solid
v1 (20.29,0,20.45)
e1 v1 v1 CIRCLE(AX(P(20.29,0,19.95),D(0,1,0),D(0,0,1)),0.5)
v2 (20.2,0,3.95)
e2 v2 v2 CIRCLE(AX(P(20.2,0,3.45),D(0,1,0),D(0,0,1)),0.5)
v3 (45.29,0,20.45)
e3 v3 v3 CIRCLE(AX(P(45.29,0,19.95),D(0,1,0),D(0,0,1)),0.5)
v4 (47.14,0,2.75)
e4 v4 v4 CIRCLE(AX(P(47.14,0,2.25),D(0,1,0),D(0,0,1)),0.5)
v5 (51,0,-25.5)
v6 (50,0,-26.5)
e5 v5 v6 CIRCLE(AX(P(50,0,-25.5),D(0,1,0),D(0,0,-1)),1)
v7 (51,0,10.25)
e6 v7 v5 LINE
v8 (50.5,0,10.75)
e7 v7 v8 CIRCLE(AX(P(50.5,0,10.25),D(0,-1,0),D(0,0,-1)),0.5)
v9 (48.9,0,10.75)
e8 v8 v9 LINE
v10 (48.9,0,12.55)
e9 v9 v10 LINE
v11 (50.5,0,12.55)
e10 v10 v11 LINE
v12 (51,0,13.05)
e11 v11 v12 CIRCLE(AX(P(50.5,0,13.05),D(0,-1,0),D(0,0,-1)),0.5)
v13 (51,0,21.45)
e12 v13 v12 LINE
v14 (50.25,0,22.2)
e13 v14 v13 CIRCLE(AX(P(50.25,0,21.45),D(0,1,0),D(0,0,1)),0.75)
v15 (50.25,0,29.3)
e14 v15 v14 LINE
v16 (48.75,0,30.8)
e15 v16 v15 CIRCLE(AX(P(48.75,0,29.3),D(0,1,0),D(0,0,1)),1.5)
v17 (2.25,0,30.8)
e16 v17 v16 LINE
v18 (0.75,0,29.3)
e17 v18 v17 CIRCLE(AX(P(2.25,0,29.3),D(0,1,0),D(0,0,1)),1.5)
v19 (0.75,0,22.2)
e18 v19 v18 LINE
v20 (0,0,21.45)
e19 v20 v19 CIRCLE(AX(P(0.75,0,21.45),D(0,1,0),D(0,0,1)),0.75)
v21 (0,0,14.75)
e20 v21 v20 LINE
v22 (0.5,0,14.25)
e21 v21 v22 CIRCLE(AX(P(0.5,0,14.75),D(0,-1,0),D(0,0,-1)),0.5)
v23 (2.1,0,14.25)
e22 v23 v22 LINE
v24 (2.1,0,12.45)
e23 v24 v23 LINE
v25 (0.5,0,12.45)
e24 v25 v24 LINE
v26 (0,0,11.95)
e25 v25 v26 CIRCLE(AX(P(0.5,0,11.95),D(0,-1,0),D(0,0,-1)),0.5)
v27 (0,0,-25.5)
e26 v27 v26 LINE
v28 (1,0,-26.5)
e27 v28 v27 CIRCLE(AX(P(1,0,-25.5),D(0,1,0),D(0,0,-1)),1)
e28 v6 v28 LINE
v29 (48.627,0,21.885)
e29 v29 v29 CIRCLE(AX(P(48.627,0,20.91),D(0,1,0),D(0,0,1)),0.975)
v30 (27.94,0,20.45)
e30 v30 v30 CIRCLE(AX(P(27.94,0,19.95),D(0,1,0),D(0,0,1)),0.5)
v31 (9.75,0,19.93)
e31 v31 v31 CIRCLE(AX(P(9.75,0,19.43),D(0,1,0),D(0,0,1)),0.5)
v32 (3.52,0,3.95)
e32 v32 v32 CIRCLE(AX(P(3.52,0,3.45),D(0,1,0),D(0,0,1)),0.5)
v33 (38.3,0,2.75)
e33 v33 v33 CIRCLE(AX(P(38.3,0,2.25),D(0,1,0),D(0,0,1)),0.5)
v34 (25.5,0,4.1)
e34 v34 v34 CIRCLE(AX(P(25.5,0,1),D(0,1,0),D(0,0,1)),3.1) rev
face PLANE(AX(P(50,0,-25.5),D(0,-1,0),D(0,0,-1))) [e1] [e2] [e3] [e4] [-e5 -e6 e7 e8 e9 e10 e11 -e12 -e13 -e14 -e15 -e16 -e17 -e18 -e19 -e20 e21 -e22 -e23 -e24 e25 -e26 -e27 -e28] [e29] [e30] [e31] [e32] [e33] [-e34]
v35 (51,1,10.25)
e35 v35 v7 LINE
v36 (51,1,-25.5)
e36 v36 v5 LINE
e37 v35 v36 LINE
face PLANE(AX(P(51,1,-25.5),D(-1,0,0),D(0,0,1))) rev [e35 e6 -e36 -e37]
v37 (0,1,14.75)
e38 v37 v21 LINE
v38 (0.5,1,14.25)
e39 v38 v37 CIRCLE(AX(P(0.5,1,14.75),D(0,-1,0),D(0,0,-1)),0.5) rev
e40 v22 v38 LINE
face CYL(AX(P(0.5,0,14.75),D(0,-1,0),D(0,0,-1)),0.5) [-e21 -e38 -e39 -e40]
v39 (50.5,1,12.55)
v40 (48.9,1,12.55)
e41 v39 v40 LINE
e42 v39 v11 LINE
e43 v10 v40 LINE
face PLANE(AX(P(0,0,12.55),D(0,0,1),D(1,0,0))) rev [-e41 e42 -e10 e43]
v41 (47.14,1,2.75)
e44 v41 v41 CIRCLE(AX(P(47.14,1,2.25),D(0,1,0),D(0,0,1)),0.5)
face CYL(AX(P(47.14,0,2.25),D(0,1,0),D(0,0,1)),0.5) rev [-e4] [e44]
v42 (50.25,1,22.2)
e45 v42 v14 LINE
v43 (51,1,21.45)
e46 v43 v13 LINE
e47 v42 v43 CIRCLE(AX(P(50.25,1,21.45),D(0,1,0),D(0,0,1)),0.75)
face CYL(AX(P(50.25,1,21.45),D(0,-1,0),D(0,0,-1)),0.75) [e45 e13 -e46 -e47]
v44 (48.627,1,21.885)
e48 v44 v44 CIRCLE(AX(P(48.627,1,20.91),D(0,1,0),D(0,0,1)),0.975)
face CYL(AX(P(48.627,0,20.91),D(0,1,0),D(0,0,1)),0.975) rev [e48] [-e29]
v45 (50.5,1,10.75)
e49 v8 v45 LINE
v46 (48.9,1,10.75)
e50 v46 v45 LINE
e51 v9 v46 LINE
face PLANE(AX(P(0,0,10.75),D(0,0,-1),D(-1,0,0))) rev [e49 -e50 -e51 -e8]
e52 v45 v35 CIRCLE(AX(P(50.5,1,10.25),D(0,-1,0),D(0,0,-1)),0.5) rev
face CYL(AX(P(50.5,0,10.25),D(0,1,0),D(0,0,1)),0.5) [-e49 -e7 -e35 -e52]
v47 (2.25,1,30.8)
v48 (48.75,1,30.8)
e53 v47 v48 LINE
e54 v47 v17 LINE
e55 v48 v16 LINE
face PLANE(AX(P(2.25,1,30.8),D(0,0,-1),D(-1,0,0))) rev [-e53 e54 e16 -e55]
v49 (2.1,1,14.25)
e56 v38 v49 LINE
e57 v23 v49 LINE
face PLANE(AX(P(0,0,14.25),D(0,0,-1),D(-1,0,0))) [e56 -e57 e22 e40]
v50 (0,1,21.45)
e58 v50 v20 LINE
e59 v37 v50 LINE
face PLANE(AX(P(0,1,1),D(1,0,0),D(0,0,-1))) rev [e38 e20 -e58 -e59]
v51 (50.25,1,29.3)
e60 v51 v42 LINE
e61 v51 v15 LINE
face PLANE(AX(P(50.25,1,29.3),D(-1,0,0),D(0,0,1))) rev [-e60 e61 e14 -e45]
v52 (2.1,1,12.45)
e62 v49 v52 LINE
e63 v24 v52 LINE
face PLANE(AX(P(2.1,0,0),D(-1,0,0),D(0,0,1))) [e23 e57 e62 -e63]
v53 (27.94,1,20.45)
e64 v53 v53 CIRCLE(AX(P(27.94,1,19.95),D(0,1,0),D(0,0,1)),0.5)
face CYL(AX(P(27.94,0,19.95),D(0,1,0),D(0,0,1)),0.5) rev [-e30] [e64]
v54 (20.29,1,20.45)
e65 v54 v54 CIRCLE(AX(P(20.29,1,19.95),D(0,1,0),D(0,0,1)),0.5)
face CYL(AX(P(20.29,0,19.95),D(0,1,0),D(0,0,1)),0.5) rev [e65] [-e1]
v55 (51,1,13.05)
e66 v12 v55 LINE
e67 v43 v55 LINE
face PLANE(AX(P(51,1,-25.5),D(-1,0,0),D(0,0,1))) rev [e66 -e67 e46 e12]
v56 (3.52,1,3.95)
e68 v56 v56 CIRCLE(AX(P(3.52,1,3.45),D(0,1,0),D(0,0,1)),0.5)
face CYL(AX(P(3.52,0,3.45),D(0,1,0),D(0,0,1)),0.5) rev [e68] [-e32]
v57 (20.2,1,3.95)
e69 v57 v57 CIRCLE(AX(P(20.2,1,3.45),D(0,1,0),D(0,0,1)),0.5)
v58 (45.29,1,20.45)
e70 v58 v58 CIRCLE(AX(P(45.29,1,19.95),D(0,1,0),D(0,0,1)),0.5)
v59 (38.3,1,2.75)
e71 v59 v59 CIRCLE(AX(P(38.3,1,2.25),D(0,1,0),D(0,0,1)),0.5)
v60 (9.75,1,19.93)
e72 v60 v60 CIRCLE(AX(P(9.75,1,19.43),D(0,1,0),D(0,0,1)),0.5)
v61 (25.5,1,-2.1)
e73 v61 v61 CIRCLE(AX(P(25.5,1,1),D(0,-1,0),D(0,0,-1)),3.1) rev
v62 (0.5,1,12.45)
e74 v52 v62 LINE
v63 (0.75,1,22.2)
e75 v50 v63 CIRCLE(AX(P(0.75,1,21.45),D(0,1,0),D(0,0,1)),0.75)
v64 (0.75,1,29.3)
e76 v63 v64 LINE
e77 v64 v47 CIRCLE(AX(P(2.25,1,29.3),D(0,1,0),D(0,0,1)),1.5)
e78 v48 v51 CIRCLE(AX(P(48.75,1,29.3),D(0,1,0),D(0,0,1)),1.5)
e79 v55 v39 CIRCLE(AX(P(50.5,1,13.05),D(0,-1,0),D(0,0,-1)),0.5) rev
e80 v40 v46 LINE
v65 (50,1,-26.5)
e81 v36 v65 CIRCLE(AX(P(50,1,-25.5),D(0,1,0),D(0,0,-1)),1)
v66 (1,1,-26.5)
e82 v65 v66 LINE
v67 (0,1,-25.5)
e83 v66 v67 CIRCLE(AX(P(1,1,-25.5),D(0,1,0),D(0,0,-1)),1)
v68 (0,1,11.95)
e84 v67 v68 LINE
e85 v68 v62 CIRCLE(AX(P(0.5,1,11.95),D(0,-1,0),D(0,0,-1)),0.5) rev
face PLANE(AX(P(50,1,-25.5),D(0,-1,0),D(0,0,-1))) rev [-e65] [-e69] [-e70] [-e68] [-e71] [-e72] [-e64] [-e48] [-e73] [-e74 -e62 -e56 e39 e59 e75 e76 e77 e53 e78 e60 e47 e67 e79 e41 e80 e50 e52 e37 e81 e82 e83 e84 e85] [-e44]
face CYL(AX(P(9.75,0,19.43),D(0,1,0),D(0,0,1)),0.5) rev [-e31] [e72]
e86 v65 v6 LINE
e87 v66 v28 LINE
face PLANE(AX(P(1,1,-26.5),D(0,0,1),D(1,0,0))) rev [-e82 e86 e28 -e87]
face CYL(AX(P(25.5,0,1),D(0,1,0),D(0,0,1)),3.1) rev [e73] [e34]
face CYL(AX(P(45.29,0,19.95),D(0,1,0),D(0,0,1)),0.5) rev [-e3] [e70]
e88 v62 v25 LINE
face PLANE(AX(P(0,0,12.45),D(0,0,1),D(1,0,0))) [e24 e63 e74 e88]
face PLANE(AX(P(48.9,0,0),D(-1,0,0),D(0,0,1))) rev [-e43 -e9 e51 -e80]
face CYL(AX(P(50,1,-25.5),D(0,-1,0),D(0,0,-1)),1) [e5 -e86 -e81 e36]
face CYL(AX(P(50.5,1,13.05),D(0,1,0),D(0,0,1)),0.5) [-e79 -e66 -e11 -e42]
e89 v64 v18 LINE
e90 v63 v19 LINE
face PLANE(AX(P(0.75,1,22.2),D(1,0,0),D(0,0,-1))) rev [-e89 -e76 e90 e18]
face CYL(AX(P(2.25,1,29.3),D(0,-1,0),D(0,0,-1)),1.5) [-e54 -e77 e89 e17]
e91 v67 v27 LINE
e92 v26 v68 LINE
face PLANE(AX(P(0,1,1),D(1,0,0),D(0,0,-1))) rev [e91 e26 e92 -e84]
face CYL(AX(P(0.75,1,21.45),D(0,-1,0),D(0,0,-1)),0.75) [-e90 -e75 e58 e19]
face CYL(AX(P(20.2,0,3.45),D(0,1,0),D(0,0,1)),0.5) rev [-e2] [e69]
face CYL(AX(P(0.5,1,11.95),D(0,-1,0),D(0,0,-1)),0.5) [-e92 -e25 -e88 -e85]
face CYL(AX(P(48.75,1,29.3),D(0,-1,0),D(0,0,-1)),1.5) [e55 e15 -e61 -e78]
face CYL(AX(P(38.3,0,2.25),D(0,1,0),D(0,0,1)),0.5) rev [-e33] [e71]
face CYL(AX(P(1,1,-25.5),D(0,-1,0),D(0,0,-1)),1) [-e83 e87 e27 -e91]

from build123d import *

# Parameters (mm, degrees)
BOSS_EXTRUDE1_DEPTH     = 1
SKETCH2_W               = 2.1
SKETCH2_H               = 1.8
CUT_EXTRUDE1_DEPTH      = 1
CUT_EXTRUDE1_DEPTH_BACK = 2
FILLET1_R               = 0.5
SKETCH3_R               = 0.5
SKETCH3_R_2             = 0.975
CUT_EXTRUDE2_DEPTH      = 1
CUT_EXTRUDE2_DEPTH_BACK = 2


with BuildPart() as part:
    # Sketch1 → Boss-Extrude1 (new body)
    with BuildSketch(Plane(origin=(0, 0, 0), x_dir=(1, 0, 0), z_dir=(0, 1, 0))):
        with BuildLine():
            Line((0, -1), (0, -21.45))
            ThreePointArc((0, -21.45), (0.219669914, -21.980330086), (0.75, -22.2))
            Line((0.75, -22.2), (0.75, -29.3))
            ThreePointArc((0.75, -29.3), (1.189339828, -30.360660172), (2.25, -30.8))
            Line((2.25, -30.8), (48.75, -30.8))
            ThreePointArc((48.75, -30.8), (49.810660172, -30.360660172), (50.25, -29.3))
            Line((50.25, -29.3), (50.25, -22.2))
            ThreePointArc((50.25, -22.2), (50.780330086, -21.980330086), (51, -21.45))
            Line((51, -21.45), (51, -1))
            Line((51, -1), (51, 25.5))
            ThreePointArc((51, 25.5), (50.707106781, 26.207106781), (50, 26.5))
            Line((50, 26.5), (1, 26.5))
            ThreePointArc((1, 26.5), (0.292893219, 26.207106781), (0, 25.5))
            Line((0, 25.5), (0, -1))
        make_face()
    extrude(amount=BOSS_EXTRUDE1_DEPTH)

    # Sketch2 → Cut-Extrude1 (cut, two sides)
    with BuildSketch(Plane(origin=(0, 1, 0), x_dir=(1, 0, 0), z_dir=(0, 1, 0))) as cut_extrude1_sk:
        with Locations((1.05, -13.35)):
            Rectangle(SKETCH2_W, SKETCH2_H)
        with BuildLine():
            ThreePointArc((22.4, -1), (25.5, -4.1), (28.6, -1))
            ThreePointArc((28.6, -1), (25.5, 2.1), (22.4, -1))
        make_face()
        with Locations((49.95, -11.65)):
            Rectangle(SKETCH2_W, SKETCH2_H)
    extrude(amount=CUT_EXTRUDE1_DEPTH, mode=Mode.SUBTRACT)
    extrude(cut_extrude1_sk.sketch, amount=-CUT_EXTRUDE1_DEPTH_BACK, mode=Mode.SUBTRACT)

    # Fillet1
    fillet1_edges = [part.edges().sort_by_distance(p)[0] for p in [
        (0, 0.5, 14.25),
        (0, 0.5, 12.45),
        (51, 0.5, 10.75),
        (51, 0.5, 12.55),
    ]]
    fillet(fillet1_edges, radius=FILLET1_R)

    # Sketch3 → Cut-Extrude2 (cut, two sides)
    with BuildSketch(Plane(origin=(0, 1, 0), x_dir=(1, 0, 0), z_dir=(0, 1, 0))) as cut_extrude2_sk:
        with Locations((3.52, -3.45)):
            Circle(SKETCH3_R)
        with Locations((20.2, -3.45)):
            Circle(SKETCH3_R)
        with Locations((38.3, -2.25)):
            Circle(SKETCH3_R)
        with Locations((47.14, -2.25)):
            Circle(SKETCH3_R)
        with Locations((48.627, -20.91)):
            Circle(SKETCH3_R_2)
        with Locations((45.29, -19.95)):
            Circle(SKETCH3_R)
        with Locations((27.94, -19.95)):
            Circle(SKETCH3_R)
        with Locations((20.29, -19.95)):
            Circle(SKETCH3_R)
        with Locations((9.75, -19.43)):
            Circle(SKETCH3_R)
    extrude(amount=CUT_EXTRUDE2_DEPTH, mode=Mode.SUBTRACT)
    extrude(cut_extrude2_sk.sketch, amount=-CUT_EXTRUDE2_DEPTH_BACK, mode=Mode.SUBTRACT)


solid = part.part
